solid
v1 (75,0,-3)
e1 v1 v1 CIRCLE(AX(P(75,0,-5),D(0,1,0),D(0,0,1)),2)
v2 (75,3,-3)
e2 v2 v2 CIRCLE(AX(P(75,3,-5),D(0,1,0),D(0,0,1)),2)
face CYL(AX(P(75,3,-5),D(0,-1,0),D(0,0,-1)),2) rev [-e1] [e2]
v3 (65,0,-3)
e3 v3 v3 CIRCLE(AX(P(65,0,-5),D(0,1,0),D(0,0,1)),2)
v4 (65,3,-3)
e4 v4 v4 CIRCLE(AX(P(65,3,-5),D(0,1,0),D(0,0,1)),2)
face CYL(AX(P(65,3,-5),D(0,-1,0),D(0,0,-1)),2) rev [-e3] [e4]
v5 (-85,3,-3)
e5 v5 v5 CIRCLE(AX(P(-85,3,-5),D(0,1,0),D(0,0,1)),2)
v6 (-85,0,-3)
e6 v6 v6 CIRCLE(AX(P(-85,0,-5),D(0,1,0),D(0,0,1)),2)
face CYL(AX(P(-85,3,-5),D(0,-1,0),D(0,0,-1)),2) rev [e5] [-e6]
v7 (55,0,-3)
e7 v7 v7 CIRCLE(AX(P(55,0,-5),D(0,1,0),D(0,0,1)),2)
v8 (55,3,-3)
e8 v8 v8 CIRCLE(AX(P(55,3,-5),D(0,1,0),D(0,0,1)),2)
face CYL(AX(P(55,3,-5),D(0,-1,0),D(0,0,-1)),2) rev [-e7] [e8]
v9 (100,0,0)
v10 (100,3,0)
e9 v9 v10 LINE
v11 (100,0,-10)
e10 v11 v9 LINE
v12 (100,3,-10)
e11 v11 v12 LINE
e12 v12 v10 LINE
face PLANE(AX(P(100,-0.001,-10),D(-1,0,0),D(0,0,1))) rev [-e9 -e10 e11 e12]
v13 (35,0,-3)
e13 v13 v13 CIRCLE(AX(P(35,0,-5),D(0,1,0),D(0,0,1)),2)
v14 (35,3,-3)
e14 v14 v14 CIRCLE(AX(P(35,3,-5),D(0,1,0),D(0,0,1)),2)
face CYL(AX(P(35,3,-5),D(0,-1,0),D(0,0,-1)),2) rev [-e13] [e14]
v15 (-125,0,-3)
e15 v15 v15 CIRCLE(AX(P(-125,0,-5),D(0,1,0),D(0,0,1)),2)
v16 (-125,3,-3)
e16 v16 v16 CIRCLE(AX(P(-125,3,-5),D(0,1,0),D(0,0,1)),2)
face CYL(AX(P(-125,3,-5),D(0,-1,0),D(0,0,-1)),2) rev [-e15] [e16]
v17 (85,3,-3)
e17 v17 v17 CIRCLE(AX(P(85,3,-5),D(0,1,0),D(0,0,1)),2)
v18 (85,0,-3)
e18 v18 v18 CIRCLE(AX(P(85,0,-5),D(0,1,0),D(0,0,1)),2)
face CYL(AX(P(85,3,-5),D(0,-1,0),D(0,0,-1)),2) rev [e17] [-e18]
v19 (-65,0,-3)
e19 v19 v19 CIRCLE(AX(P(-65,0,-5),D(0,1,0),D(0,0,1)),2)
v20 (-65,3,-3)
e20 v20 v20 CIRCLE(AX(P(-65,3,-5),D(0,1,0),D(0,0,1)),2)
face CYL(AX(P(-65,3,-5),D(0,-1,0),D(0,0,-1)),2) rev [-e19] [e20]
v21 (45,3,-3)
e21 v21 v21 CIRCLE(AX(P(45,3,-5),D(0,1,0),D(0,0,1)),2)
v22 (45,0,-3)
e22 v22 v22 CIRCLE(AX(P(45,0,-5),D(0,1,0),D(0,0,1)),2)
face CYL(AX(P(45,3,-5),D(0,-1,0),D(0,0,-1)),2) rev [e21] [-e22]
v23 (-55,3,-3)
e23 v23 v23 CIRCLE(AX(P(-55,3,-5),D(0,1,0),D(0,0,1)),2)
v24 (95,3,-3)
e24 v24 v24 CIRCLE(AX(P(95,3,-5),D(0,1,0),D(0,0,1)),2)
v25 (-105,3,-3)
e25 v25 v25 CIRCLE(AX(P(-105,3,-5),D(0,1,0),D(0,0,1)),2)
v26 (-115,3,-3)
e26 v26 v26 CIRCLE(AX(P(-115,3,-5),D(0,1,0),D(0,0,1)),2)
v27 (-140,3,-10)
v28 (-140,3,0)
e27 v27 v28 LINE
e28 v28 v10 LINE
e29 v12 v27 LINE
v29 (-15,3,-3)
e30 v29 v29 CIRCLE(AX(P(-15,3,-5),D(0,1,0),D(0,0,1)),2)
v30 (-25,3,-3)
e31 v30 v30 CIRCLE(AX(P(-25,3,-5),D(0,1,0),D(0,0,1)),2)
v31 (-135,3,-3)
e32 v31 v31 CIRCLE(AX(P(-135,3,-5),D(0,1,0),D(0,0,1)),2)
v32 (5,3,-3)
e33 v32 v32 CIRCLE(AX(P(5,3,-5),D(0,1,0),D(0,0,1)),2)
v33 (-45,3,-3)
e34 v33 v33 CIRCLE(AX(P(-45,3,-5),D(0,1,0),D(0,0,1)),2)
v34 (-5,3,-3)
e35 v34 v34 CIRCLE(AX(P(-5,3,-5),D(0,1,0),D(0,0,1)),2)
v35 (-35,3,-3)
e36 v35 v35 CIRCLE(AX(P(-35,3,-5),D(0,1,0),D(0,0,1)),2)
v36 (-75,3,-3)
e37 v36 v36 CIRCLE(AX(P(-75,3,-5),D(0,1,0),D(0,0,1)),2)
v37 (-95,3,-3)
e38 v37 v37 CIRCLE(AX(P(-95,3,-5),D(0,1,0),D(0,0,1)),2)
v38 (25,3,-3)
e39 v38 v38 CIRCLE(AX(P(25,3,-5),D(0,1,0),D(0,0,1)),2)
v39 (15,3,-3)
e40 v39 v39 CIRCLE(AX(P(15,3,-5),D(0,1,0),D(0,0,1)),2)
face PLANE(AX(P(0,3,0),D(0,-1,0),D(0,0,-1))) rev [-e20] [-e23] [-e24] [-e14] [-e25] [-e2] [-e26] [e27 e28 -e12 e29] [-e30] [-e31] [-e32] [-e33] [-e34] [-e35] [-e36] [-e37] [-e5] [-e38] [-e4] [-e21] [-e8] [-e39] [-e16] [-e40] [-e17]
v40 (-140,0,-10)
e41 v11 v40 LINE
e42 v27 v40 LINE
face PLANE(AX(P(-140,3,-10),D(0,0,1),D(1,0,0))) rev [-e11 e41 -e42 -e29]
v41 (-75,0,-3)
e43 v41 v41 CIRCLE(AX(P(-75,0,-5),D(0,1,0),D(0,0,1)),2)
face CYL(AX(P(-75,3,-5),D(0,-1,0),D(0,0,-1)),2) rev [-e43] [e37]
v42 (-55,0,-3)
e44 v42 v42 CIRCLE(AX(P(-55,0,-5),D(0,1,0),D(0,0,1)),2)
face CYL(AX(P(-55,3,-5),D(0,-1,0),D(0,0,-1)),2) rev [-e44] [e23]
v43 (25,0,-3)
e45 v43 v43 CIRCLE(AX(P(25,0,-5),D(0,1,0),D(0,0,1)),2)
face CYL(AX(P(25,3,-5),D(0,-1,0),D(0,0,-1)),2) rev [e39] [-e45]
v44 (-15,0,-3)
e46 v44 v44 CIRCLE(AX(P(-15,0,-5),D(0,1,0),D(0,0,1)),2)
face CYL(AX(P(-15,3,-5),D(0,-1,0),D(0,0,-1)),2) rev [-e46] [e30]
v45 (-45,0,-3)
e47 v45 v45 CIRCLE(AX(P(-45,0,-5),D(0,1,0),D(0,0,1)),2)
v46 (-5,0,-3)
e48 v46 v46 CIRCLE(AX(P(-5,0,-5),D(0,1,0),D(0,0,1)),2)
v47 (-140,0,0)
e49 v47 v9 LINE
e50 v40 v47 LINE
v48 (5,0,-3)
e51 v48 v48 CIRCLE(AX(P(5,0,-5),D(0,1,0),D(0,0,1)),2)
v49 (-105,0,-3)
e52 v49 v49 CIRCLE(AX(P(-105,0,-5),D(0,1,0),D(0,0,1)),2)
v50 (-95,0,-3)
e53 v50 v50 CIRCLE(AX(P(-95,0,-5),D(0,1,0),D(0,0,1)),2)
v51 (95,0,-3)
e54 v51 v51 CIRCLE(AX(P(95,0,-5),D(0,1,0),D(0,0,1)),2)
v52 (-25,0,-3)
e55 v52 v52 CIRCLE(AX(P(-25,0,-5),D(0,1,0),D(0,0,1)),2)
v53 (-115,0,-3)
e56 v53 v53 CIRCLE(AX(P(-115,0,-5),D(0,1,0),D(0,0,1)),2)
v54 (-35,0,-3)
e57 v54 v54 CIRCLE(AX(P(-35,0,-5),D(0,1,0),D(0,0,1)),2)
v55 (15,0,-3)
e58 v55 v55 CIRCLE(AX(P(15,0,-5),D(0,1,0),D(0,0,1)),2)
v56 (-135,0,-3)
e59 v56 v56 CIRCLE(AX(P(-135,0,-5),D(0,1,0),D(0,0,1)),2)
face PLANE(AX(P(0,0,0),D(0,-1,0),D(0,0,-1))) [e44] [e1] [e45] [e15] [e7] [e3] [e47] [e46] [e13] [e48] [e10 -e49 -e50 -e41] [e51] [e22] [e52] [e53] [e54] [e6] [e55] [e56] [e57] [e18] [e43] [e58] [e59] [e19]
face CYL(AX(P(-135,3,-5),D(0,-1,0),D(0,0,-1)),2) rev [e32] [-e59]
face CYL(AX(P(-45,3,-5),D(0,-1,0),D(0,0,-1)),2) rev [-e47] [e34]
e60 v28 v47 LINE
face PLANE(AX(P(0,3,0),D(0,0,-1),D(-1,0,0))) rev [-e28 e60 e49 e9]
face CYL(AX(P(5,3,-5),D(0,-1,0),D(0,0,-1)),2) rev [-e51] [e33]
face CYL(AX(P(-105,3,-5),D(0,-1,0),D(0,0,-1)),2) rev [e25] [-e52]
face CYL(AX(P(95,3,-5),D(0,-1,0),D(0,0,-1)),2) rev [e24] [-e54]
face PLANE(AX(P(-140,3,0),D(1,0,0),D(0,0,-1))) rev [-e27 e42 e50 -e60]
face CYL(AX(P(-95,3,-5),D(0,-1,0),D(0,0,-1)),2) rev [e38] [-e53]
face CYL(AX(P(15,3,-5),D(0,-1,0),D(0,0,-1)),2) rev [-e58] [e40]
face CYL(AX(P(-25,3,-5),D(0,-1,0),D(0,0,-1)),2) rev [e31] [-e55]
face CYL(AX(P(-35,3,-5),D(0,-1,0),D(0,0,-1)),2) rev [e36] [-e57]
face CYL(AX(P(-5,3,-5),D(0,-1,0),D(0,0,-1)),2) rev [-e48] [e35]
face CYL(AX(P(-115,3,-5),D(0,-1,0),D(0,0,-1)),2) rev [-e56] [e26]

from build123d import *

# Parameters (mm, degrees)
ESQUISSE1_R             = 2
BOSS_EXTRU_1_DEPTH      = 3
ENL_V_MAT_EXTRU_1_REACH = 142.389
ESQUISSE2_W             = 40
ESQUISSE2_H             = 10


with BuildPart() as part:
    # Esquisse1 → Boss.-Extru.1 (new body)
    with BuildSketch(Plane(origin=(0, 0, 0), x_dir=(1, 0, 0), z_dir=(0, 1, 0))):
        Polygon((0, 0), (140, 0), (140, 10), (-140, 10), (-140, 0), align=None)
        with Locations(Location((-135, 5, 0), (0, 0, 270))):
            Circle(ESQUISSE1_R, mode=Mode.SUBTRACT)
        with Locations(Location((-125, 5, 0), (0, 0, 270))):
            Circle(ESQUISSE1_R, mode=Mode.SUBTRACT)
        with Locations(Location((-115, 5, 0), (0, 0, 270))):
            Circle(ESQUISSE1_R, mode=Mode.SUBTRACT)
        with Locations(Location((-105, 5, 0), (0, 0, 270))):
            Circle(ESQUISSE1_R, mode=Mode.SUBTRACT)
        with Locations(Location((-95, 5, 0), (0, 0, 270))):
            Circle(ESQUISSE1_R, mode=Mode.SUBTRACT)
        with Locations(Location((-85, 5, 0), (0, 0, 270))):
            Circle(ESQUISSE1_R, mode=Mode.SUBTRACT)
        with Locations(Location((-75, 5, 0), (0, 0, 270))):
            Circle(ESQUISSE1_R, mode=Mode.SUBTRACT)
        with Locations(Location((-65, 5, 0), (0, 0, 270))):
            Circle(ESQUISSE1_R, mode=Mode.SUBTRACT)
        with Locations(Location((-55, 5, 0), (0, 0, 270))):
            Circle(ESQUISSE1_R, mode=Mode.SUBTRACT)
        with Locations(Location((-45, 5, 0), (0, 0, 270))):
            Circle(ESQUISSE1_R, mode=Mode.SUBTRACT)
        with Locations(Location((-35, 5, 0), (0, 0, 270))):
            Circle(ESQUISSE1_R, mode=Mode.SUBTRACT)
        with Locations(Location((-25, 5, 0), (0, 0, 270))):
            Circle(ESQUISSE1_R, mode=Mode.SUBTRACT)
        with Locations(Location((-15, 5, 0), (0, 0, 270))):
            Circle(ESQUISSE1_R, mode=Mode.SUBTRACT)
        with Locations(Location((-5, 5, 0), (0, 0, 270))):
            Circle(ESQUISSE1_R, mode=Mode.SUBTRACT)
        with Locations(Location((5, 5, 0), (0, 0, 270))):
            Circle(ESQUISSE1_R, mode=Mode.SUBTRACT)
        with Locations(Location((15, 5, 0), (0, 0, 270))):
            Circle(ESQUISSE1_R, mode=Mode.SUBTRACT)
        with Locations(Location((25, 5, 0), (0, 0, 270))):
            Circle(ESQUISSE1_R, mode=Mode.SUBTRACT)
        with Locations(Location((35, 5, 0), (0, 0, 270))):
            Circle(ESQUISSE1_R, mode=Mode.SUBTRACT)
        with Locations(Location((45, 5, 0), (0, 0, 270))):
            Circle(ESQUISSE1_R, mode=Mode.SUBTRACT)
        with Locations(Location((55, 5, 0), (0, 0, 270))):
            Circle(ESQUISSE1_R, mode=Mode.SUBTRACT)
        with Locations(Location((65, 5, 0), (0, 0, 270))):
            Circle(ESQUISSE1_R, mode=Mode.SUBTRACT)
        with Locations(Location((75, 5, 0), (0, 0, 270))):
            Circle(ESQUISSE1_R, mode=Mode.SUBTRACT)
        with Locations(Location((85, 5, 0), (0, 0, 270))):
            Circle(ESQUISSE1_R, mode=Mode.SUBTRACT)
        with Locations(Location((95, 5, 0), (0, 0, 270))):
            Circle(ESQUISSE1_R, mode=Mode.SUBTRACT)
        with Locations(Location((105, 5, 0), (0, 0, 270))):
            Circle(ESQUISSE1_R, mode=Mode.SUBTRACT)
        with Locations(Location((115, 5, 0), (0, 0, 270))):
            Circle(ESQUISSE1_R, mode=Mode.SUBTRACT)
        with Locations(Location((125, 5, 0), (0, 0, 270))):
            Circle(ESQUISSE1_R, mode=Mode.SUBTRACT)
        with Locations(Location((135, 5, 0), (0, 0, 270))):
            Circle(ESQUISSE1_R, mode=Mode.SUBTRACT)
    extrude(amount=BOSS_EXTRU_1_DEPTH)

    # Esquisse2 → Enlèv. mat.-Extru.1 (cut, up to next)
    with BuildSketch(Plane(origin=(0, 3, 0), x_dir=(1, 0, 0), z_dir=(0, 1, 0)), mode=Mode.PRIVATE) as enl_v_mat_extru_1_sk1:
        with Locations((120, 5)):
            Rectangle(ESQUISSE2_W, ESQUISSE2_H)
    enl_v_mat_extru_1_tool1 = extrude(enl_v_mat_extru_1_sk1.sketch, amount=-ENL_V_MAT_EXTRU_1_REACH, mode=Mode.PRIVATE) & part.part
    add(enl_v_mat_extru_1_tool1.solids().sort_by_distance((120, 3, -5))[0], mode=Mode.SUBTRACT)


solid = part.part
